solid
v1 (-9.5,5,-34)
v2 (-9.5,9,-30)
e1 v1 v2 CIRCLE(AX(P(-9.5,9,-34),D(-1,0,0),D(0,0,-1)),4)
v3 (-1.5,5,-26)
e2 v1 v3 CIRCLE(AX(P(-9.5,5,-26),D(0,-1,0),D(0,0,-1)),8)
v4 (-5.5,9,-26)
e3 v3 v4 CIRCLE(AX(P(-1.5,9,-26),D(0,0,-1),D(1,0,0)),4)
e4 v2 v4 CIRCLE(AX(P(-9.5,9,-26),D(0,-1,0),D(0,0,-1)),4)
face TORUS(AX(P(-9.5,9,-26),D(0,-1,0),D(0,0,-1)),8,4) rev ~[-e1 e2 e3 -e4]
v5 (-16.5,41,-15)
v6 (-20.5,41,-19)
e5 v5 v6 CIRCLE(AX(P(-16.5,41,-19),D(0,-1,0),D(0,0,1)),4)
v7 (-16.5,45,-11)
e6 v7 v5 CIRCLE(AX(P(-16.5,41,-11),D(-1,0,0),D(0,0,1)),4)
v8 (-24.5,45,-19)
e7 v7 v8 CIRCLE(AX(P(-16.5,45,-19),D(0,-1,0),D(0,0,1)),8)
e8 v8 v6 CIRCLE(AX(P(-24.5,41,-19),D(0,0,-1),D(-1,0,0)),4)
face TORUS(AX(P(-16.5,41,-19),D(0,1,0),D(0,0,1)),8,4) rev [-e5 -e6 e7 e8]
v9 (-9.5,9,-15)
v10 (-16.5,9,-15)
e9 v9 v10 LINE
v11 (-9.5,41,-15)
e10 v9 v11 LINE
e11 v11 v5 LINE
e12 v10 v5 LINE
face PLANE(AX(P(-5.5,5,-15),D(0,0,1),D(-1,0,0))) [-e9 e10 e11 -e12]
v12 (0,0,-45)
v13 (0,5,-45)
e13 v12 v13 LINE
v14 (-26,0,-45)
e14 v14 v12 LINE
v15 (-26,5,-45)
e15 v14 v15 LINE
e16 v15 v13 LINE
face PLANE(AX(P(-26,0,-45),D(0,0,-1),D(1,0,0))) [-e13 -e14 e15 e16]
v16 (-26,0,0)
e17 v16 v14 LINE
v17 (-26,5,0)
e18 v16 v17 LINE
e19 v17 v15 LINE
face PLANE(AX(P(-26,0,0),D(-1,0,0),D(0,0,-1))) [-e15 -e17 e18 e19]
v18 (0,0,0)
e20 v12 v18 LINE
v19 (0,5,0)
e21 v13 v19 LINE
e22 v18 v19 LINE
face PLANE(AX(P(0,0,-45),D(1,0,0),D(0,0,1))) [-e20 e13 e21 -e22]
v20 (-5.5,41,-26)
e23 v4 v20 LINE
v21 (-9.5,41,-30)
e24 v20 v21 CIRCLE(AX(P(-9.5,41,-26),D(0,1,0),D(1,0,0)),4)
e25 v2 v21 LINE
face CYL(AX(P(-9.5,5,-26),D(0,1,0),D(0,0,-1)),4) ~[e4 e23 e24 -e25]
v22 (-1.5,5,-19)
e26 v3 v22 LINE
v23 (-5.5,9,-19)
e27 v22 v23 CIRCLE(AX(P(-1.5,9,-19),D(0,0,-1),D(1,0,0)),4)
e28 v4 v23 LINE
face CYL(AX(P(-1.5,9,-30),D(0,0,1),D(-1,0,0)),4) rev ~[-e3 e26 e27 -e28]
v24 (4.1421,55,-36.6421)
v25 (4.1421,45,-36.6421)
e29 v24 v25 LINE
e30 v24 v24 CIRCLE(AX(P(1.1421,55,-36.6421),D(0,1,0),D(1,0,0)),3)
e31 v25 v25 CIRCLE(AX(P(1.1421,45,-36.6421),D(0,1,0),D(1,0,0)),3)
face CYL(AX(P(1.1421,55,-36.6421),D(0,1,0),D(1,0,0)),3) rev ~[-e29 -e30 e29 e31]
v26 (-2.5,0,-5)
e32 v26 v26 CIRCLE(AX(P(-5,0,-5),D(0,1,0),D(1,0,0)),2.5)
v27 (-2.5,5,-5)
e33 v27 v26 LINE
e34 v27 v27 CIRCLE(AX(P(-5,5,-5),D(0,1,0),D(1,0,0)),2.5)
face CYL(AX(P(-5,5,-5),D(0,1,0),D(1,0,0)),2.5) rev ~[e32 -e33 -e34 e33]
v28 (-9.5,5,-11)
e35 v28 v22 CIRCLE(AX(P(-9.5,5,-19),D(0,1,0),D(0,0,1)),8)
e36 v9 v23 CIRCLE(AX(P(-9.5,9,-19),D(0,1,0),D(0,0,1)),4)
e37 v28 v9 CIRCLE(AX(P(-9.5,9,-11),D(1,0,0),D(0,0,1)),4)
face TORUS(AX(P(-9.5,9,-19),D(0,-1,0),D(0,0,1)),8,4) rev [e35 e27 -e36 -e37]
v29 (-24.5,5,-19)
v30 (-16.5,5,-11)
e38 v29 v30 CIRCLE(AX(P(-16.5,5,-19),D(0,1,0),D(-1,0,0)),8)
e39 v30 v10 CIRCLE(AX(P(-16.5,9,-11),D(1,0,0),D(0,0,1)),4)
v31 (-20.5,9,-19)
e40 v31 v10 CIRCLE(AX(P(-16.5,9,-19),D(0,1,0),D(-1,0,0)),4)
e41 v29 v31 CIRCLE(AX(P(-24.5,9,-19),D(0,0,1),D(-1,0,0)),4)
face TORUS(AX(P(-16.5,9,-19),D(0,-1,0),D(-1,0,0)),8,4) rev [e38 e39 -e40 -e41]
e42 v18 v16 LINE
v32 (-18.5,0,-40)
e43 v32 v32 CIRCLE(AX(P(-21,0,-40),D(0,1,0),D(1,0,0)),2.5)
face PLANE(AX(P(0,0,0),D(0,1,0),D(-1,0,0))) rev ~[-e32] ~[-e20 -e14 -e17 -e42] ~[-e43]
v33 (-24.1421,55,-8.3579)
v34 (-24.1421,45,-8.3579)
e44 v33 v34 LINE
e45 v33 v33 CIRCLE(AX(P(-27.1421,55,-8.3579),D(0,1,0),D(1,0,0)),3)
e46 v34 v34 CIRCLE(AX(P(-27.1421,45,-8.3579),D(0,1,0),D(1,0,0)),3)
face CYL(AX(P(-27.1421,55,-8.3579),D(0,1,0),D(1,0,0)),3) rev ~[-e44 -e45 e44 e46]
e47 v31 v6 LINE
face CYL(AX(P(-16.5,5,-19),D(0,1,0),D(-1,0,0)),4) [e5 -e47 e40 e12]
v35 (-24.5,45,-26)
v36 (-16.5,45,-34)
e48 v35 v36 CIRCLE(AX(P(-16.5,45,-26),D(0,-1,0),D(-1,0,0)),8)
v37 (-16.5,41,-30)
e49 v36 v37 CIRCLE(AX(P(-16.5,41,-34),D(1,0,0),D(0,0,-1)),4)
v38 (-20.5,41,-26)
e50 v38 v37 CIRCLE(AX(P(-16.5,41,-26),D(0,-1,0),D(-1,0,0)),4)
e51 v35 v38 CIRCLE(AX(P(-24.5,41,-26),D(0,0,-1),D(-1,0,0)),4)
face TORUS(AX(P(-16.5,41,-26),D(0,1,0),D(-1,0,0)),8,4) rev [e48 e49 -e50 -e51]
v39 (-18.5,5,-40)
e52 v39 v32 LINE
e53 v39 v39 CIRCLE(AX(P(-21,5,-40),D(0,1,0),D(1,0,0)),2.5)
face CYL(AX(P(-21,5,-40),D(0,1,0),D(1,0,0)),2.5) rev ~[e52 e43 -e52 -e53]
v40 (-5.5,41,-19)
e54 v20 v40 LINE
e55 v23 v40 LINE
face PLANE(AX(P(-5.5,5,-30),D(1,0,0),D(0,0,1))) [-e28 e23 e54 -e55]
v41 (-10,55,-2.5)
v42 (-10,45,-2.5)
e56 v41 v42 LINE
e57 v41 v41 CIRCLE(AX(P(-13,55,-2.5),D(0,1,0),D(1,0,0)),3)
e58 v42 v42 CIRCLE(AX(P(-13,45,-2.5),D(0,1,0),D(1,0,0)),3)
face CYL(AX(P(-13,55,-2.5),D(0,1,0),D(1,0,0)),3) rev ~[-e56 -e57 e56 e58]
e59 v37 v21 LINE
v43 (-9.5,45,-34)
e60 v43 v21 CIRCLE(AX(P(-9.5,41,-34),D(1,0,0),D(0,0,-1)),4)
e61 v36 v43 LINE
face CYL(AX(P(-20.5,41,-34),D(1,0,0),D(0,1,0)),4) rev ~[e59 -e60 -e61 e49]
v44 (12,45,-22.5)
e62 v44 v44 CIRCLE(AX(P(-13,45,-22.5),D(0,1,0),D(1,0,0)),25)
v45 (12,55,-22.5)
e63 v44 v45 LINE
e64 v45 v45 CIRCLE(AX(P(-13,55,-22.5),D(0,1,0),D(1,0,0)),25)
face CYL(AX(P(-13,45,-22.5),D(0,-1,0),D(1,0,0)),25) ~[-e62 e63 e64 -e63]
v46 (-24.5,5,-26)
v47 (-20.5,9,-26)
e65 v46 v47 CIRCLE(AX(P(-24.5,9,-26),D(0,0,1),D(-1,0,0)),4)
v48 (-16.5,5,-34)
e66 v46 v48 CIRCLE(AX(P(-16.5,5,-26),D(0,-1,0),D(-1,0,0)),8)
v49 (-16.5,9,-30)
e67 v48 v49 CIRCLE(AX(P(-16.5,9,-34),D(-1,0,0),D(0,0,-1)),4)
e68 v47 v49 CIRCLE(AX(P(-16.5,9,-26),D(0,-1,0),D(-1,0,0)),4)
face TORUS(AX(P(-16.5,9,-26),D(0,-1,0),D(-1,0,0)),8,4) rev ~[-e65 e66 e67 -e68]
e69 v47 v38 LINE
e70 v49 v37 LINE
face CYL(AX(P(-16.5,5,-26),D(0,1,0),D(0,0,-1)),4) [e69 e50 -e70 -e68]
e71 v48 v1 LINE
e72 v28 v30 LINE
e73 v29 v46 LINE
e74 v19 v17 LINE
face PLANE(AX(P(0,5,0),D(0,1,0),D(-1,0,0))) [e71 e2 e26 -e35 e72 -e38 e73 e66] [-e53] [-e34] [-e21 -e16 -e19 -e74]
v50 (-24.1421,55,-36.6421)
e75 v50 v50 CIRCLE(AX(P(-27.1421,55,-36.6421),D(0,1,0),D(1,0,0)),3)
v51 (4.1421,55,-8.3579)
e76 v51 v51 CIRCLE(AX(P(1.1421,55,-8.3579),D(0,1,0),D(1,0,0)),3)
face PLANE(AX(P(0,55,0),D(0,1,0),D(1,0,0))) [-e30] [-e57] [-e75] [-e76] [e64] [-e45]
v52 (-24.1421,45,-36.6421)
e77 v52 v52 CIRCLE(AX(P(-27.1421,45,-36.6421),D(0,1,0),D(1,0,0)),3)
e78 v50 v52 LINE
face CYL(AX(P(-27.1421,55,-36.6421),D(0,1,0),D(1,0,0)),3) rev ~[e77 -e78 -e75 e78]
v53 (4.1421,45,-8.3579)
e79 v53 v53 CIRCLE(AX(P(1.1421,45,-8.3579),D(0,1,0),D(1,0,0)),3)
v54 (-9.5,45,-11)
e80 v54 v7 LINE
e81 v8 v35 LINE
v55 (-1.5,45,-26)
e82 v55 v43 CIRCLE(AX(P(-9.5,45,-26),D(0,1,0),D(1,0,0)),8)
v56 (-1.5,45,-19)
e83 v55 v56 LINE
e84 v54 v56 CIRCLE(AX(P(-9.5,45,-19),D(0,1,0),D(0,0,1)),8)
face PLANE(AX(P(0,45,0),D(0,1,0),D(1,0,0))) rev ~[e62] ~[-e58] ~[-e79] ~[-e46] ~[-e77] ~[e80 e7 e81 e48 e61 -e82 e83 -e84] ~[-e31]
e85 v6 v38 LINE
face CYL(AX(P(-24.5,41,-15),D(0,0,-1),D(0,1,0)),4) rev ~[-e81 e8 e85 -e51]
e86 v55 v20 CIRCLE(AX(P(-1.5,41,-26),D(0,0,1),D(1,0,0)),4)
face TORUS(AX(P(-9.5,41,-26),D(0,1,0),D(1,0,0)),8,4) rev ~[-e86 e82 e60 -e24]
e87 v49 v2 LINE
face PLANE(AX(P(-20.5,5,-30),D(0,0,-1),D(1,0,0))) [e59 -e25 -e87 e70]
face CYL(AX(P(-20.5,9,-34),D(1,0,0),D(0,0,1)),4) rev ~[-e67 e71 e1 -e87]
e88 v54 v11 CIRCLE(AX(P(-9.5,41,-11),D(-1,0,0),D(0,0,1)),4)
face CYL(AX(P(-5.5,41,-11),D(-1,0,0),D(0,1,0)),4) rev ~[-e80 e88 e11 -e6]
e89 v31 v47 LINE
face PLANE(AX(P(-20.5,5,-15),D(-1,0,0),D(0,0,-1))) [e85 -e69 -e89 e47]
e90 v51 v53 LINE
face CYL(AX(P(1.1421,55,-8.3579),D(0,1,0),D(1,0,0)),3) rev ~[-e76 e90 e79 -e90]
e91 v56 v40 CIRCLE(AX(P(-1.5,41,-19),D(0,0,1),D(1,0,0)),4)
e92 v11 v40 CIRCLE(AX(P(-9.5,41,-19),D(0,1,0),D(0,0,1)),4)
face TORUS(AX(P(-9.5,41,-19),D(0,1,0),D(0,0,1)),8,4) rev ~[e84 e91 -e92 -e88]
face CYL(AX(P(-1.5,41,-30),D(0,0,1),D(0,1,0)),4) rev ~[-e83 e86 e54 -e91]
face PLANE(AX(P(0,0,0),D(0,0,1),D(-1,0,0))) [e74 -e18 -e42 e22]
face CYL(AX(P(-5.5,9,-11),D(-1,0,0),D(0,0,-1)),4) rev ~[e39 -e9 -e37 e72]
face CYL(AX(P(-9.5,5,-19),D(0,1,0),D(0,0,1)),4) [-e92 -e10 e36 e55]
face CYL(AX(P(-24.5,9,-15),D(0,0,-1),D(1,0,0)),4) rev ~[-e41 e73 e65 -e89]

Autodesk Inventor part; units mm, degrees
ref_plane "YZ Plane" through (0, 0, 0) normal (1, 0, 0) x (0, 1, 0)
ref_plane "XZ Plane" through (0, 0, 0) normal (0, 1, 0) x (-1, 0, 0)
ref_plane "XY Plane" through (0, 0, 0) normal (0, 0, 1) x (1, 0, 0)
sketch "Boceto1" plane through (0, 0, 0) normal (0, 1, 0) x (-1, 0, 0)
  line L0 (0, 0) -> (26, 0)
  line L1 (26, 0) -> (26, -45)
  line L2 (26, -45) -> (0, -45)
  line L3 (0, -45) -> (0, 0)
  dimension "d0" = 26
  dimension "d1" = 45
extrude "Extrusión1" add sketch "Boceto1" along normal blind 5
sketch "Boceto2" plane through (0, 5, 0) normal (0, 1, 0) x (1, 0, 0)
  line L0 (-26, 0) -> (0, 0) projected
  line L1 (0, 0) -> (-5, 0)
  line L2 (0, 45) -> (-26, 45) projected
  line L3 (-26, 45) -> (-21, 45)
  line L4 (0, 45) -> (0, 40)
  line L5 (0, 0) -> (0, 45) projected
  line L6 (0, 0) -> (0, 5)
  line L7 (-26, 45) -> (-26, 0) projected
  circle A0 centre (-21, 40) radius 2.5
  circle A1 centre (-5, 5) radius 2.5
  dimension "d4" = 5
  dimension "d6" = 5
  dimension "d7" = 5
  dimension "d9" = 5
  dimension "d10" = 5
extrude "Extrusión2" cut sketch "Boceto2" against normal blind 5 contours A0 | A1
sketch "Boceto3" plane through (0, 5, 0) normal (0, 1, 0) x (1, 0, 0)
  line L0 (0, 0) -> (0, 45) projected
  line L1 (0, 45) -> (0, 37.5)
  line L2 (0, 45) -> (0, 30)
  line L3 (0, 0) -> (0, 15)
  line L4 (-5.5, 15) -> (-20.5, 15)
  line L5 (-20.5, 15) -> (-20.5, 30)
  line L6 (-20.5, 30) -> (-5.5, 30)
  line L7 (-5.5, 30) -> (-5.5, 15)
extrude "Extrusión3" add sketch "Boceto3" along normal blind 40
sketch "Boceto4" plane through (0, 45, 0) normal (0, 1, 0) x (1, 0, 0)
  line L0 (-5.5, 30) -> (-20.5, 30) projected
  line L1 (-20.5, 30) -> (-20.5, 15) projected
  line L2 (-20.5, 30) -> (-20.5, 15)
  line L3 (-5.5, 15) -> (-5.5, 30) projected
  circle A0 centre (-13, 22.5) radius 25
  point P0 (0, 0)
extrude "Extrusión4" add sketch "Boceto4" along normal blind 10
fillet "Empalme1" radius 4 12 edges at (-13, 45, -30) (-5.5, 25, -30) (-5.5, 45, -22.5) (-5.5, 25, -15) (-20.5, 25, -30) (-20.5, 25, -15) (-13, 45, -15) (-20.5, 45, -22.5) (-20.5, 5, -22.5) (-13, 5, -15) (-13, 5, -30) (-5.5, 5, -22.5)
sketch "Boceto6" plane through (-13, 55, -22.5) normal (0, 1, 0) x (1, 0, 0)
  circle A0 centre (0, -20) radius 3
  line L0 (0, 0) -> (31.4027, 0) construction
  line L1 (0, 0) -> (28.2843, 0) construction
  circle A1 centre (14.1421, 14.1421) radius 3
  circle A2 centre (-14.1421, 14.1421) radius 3
  circle A3 centre (-14.1421, -14.1421) radius 3
  circle A4 centre (14.1421, -14.1421) radius 3
  point P0 (13, -22.5)
  dimension "d27" = 6
  dimension "d32" = 6
  dimension "d33" = 6
  dimension "d34" = 6
  dimension "d35" = 6
extrude "Extrusión5" cut sketch "Boceto6" against normal blind 10
properties part number "Flange"
